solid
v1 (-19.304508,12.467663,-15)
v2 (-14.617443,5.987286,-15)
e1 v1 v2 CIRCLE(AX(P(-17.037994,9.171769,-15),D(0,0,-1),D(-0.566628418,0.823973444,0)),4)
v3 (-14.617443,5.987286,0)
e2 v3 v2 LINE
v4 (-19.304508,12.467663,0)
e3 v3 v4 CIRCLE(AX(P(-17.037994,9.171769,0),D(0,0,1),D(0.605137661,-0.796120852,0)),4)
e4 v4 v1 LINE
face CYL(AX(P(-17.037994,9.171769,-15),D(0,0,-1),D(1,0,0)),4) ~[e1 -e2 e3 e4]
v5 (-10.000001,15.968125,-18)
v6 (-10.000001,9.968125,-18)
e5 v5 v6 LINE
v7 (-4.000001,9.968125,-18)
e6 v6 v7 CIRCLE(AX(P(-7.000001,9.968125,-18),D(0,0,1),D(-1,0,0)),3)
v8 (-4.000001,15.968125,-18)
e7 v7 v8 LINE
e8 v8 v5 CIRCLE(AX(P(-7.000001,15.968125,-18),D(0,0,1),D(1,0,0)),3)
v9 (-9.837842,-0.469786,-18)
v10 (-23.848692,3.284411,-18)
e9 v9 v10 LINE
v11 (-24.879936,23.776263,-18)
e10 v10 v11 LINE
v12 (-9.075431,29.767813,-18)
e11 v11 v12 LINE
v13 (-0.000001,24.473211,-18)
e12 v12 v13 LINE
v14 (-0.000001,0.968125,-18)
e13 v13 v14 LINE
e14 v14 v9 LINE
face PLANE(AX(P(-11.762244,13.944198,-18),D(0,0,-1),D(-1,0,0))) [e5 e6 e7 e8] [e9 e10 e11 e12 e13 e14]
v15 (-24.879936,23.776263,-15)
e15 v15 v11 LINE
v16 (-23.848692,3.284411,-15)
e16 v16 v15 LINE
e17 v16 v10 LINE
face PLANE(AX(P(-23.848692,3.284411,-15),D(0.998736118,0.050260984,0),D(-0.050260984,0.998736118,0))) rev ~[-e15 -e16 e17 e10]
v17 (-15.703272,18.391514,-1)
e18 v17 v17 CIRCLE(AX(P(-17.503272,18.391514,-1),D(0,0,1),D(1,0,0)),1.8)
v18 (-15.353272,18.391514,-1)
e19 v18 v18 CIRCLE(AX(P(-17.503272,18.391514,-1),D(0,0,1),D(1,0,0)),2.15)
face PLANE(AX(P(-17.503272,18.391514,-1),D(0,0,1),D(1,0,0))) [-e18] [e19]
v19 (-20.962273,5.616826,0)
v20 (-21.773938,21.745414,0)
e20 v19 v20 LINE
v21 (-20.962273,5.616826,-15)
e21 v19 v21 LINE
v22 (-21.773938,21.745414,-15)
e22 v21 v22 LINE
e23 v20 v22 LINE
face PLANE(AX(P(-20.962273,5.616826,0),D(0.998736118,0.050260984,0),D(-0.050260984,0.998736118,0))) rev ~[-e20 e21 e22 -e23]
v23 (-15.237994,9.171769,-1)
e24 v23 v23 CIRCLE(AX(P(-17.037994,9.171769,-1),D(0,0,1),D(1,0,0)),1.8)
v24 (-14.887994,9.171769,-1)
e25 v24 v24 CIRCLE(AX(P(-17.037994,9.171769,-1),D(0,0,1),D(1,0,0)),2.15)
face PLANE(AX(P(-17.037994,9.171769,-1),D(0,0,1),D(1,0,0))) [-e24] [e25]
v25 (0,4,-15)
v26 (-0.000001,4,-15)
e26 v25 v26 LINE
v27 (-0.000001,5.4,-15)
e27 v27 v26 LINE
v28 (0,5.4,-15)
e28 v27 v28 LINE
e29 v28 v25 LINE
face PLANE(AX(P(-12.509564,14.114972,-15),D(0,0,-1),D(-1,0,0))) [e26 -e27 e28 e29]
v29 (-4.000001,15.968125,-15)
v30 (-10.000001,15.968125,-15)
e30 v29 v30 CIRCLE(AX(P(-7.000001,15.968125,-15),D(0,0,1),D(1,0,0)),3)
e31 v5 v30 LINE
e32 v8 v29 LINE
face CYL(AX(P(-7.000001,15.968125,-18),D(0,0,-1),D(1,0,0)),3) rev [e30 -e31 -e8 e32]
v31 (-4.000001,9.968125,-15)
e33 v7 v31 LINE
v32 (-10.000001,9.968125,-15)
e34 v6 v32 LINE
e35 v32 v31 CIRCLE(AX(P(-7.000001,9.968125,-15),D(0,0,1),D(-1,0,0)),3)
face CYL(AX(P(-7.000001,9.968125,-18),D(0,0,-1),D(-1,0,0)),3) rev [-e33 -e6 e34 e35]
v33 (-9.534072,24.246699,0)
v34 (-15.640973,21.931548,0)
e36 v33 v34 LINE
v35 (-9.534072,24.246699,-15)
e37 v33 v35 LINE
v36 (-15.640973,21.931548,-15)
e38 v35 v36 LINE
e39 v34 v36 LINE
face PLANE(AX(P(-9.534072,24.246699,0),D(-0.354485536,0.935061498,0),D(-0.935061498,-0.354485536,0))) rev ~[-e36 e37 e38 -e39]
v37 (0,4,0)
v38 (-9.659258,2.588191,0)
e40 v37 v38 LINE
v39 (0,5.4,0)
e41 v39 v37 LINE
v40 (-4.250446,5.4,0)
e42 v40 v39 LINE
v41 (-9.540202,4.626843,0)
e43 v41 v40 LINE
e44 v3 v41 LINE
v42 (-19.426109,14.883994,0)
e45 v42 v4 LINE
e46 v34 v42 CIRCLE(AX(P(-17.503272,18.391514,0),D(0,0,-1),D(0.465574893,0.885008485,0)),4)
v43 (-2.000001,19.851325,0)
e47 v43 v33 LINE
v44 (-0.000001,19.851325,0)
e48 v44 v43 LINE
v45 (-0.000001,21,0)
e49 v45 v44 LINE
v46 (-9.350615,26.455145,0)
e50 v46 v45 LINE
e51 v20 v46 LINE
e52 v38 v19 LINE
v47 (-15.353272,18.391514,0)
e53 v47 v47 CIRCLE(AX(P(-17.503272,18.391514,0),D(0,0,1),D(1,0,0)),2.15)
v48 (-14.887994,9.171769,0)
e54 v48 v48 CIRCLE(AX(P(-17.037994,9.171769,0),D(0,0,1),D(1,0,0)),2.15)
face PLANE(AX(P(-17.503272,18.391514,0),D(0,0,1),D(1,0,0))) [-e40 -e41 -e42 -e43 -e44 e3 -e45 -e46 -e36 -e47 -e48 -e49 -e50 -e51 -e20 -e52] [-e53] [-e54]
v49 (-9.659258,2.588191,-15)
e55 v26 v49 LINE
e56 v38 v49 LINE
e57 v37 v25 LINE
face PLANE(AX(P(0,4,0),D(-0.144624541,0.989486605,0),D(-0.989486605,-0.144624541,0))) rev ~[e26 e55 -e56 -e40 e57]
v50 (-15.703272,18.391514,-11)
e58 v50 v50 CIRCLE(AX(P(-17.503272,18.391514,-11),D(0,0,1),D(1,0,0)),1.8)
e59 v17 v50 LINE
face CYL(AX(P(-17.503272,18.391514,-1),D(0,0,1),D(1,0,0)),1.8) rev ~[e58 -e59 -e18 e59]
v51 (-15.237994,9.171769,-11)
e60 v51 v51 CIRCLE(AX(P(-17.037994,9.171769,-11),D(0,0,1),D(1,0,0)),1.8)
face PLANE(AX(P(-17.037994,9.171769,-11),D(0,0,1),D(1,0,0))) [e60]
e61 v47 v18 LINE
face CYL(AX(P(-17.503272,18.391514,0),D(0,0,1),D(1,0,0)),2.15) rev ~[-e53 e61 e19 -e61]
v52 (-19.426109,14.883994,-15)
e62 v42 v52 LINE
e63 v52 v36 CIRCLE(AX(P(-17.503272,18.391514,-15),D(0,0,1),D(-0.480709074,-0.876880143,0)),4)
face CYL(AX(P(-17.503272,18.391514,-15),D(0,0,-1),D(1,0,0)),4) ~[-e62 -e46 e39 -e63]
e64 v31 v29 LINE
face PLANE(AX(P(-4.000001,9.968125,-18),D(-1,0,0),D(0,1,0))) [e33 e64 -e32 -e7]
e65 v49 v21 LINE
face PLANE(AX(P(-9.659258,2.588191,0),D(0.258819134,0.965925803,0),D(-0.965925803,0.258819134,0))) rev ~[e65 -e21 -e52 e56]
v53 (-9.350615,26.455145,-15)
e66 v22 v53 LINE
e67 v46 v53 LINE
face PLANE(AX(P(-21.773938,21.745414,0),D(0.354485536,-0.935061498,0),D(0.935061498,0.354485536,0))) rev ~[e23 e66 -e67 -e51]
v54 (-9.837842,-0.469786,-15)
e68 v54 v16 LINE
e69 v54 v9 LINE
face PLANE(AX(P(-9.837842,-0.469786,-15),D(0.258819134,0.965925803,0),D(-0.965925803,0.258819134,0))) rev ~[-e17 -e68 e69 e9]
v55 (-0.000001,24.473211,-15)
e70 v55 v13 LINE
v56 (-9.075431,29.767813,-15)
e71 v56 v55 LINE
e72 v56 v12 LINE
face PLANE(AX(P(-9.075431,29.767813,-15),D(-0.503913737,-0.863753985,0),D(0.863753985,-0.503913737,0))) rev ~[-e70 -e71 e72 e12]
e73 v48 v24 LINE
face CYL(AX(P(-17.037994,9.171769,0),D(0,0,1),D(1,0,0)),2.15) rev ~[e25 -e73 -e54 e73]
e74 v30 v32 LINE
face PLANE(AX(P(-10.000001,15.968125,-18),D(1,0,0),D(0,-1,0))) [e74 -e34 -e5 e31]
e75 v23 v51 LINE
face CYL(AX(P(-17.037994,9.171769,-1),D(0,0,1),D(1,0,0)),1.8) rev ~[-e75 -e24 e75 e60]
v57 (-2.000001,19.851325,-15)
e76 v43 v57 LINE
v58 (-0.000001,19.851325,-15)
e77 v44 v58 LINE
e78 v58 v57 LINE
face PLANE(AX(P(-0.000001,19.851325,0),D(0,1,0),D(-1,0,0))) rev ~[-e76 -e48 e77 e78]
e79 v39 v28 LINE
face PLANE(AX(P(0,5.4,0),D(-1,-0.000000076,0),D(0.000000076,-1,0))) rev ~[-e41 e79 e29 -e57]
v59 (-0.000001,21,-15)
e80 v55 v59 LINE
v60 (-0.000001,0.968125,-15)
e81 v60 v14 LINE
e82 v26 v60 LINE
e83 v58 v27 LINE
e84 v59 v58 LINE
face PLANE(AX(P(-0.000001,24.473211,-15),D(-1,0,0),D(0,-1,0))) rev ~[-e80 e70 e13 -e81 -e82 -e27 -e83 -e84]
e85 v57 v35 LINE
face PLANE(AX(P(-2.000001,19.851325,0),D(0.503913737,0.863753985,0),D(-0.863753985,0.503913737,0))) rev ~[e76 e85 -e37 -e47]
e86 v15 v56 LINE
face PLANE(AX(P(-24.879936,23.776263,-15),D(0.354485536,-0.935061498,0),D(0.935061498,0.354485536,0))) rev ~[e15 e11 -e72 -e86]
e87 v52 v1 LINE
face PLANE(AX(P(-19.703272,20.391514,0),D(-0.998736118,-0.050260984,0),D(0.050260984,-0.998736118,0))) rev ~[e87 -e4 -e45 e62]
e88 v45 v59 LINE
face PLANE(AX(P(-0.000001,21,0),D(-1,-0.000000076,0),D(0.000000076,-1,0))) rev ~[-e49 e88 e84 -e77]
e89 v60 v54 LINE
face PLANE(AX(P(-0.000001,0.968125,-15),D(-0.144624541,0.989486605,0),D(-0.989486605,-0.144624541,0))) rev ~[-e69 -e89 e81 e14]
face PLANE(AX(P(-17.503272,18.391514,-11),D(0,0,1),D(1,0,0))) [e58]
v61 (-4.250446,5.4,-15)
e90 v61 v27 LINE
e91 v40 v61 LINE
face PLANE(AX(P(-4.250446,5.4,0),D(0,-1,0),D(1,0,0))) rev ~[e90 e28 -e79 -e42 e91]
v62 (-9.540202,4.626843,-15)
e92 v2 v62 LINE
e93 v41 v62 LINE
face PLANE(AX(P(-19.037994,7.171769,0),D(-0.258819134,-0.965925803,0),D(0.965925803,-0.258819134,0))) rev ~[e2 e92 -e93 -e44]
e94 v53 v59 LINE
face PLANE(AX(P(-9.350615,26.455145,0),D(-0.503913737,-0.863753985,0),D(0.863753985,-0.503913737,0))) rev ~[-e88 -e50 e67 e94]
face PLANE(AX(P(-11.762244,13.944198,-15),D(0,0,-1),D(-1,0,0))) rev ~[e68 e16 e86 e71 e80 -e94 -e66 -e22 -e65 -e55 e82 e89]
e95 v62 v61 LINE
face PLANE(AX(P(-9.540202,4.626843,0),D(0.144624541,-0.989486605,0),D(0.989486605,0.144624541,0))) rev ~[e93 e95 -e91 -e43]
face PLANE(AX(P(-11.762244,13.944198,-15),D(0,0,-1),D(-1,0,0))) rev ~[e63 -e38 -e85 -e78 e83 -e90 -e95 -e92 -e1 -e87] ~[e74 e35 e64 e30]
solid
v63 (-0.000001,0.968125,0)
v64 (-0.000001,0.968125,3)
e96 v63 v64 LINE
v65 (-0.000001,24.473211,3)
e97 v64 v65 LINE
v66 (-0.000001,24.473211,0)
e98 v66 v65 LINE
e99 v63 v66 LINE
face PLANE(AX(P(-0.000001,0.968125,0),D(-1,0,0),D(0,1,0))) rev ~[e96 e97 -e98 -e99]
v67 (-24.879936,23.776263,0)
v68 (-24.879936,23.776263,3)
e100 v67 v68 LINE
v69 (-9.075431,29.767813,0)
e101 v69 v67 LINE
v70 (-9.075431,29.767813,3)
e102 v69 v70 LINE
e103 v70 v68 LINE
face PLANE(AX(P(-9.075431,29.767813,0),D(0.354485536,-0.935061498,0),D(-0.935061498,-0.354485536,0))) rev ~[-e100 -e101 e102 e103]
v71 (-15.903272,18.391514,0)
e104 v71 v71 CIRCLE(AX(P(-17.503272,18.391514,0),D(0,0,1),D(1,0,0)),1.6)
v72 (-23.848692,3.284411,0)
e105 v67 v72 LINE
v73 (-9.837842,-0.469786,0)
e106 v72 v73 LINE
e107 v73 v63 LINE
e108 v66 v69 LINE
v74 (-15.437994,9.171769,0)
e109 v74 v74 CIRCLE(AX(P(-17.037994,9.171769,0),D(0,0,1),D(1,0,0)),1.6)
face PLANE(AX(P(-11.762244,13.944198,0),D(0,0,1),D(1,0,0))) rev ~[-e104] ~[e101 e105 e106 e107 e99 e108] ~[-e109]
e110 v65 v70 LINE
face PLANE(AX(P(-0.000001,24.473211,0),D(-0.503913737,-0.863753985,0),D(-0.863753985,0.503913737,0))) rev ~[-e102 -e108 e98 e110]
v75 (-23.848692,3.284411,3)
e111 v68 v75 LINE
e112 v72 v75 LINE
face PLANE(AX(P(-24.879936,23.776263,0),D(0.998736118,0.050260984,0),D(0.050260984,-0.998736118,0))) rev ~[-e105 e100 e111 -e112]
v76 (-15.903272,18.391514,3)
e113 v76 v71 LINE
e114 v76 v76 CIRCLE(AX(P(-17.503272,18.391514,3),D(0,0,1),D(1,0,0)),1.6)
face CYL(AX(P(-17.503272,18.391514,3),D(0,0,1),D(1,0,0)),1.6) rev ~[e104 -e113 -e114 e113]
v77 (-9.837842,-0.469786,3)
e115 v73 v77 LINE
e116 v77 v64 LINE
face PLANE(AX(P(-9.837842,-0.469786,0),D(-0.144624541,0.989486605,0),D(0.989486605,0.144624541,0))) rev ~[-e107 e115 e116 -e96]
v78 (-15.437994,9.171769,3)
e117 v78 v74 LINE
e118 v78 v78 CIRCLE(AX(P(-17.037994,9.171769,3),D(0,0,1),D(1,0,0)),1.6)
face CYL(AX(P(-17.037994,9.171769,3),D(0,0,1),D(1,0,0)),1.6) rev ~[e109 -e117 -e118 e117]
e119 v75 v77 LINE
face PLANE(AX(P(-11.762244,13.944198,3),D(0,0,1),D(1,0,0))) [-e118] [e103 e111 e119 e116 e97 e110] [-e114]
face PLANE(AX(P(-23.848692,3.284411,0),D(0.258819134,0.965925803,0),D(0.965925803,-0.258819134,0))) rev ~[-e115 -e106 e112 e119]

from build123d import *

# Parameters (mm, degrees)
EXTRUDE_1_DEPTH     = 15
EXTRUDE_2_DEPTH     = 3
SKETCH_4_R          = 4
EXTRUDE_3_DEPTH     = 15
EXTRUDE_4_DEPTH     = 3
SKETCH_6_R          = 1.6
CUT_EXTRUDE_1_DEPTH = 3
CUT_EXTRUDE_3_DEPTH = 3
SKETCH_9_R          = 2.15
CUT_EXTRUDE_4_DEPTH = 1
SKETCH_10_R         = 1.8
CUT_EXTRUDE_5_DEPTH = 10


with BuildPart() as part:
    # 草图1 → 凸台-拉伸1 (new body)
    with BuildSketch(Plane.XY):
        Polygon((-1.29e-06, 20.99999997), (-1.203e-06, 19.851325014), (-2.000001203, 19.851325014), (-9.534071771, 24.246698834), (-19.703272348, 20.391514412), (-19.03799413, 7.171769436), (-9.540202332, 4.62684286), (-4.25044565, 5.4), (-1.06e-07, 5.4), (0, 4), (-9.659258026, 2.588191337), (-20.962273217, 5.61682624), (-21.773937734, 21.745413673), (-9.350615446, 26.455144608), align=None)
    extrude(amount=-EXTRUDE_1_DEPTH)

    # 草图2 → 凸台-拉伸2 (add)
    with BuildSketch(Plane(origin=(0, 0, -15), x_dir=(-1, 0, 0), z_dir=(0, 0, -1))):
        Polygon((1.203e-06, 24.473211103), (1.203e-06, 0.968124522), (9.837841565, -0.469785948), (23.848691848, 3.284411448), (24.879935811, 23.776262564), (9.075430959, 29.76781327), align=None)
    extrude(amount=EXTRUDE_2_DEPTH)

    # 草图4 → 凸台-拉伸3 (add)
    with BuildSketch(Plane.XY.offset(-15)):
        with Locations((-17.503272348, 18.391514412)):
            Circle(SKETCH_4_R)
        with Locations((-17.03799413, 9.171769436)):
            Circle(SKETCH_4_R)
    extrude(amount=EXTRUDE_3_DEPTH)

    # 草图8 → 切除-拉伸3 (cut)
    with BuildSketch(Plane(origin=(0, 0, -18), x_dir=(-1, 0, 0), z_dir=(0, 0, -1))):
        with BuildLine():
            Line((10.000001203, 15.968124522), (10.000001203, 9.968124522))
            ThreePointArc((10.000001203, 9.968124522), (7.000001203, 6.968124522), (4.000001203, 9.968124522))
            Line((4.000001203, 9.968124522), (4.000001203, 15.968124522))
            ThreePointArc((4.000001203, 15.968124522), (7.000001203, 18.968124522), (10.000001203, 15.968124522))
        make_face()
    extrude(amount=-CUT_EXTRUDE_3_DEPTH, mode=Mode.SUBTRACT)

    # 草图9 → 切除-拉伸4 (cut)
    with BuildSketch(Plane.XY):
        with Locations((-17.503272348, 18.391514412)):
            Circle(SKETCH_9_R)
        with Locations((-17.03799413, 9.171769436)):
            Circle(SKETCH_9_R)
    extrude(amount=-CUT_EXTRUDE_4_DEPTH, mode=Mode.SUBTRACT)

    # 草图10 → 切除-拉伸5 (cut)
    with BuildSketch(Plane.XY.offset(-1)):
        with Locations((-17.503272348, 18.391514412)):
            Circle(SKETCH_10_R)
        with Locations((-17.03799413, 9.171769436)):
            Circle(SKETCH_10_R)
    extrude(amount=-CUT_EXTRUDE_5_DEPTH, mode=Mode.SUBTRACT)


with BuildPart() as body_2:
    # 草图5 → 凸台-拉伸4 (new body)
    with BuildSketch(Plane.XY):
        Polygon((-1.203e-06, 24.473211103), (-9.075430959, 29.76781327), (-24.879935811, 23.776262564), (-23.848691848, 3.284411448), (-9.837841565, -0.469785948), (-1.203e-06, 0.968124522), align=None)
    extrude(amount=EXTRUDE_4_DEPTH)

    # 草图6 → 切除-拉伸1 (cut)
    with BuildSketch(Plane.XY.offset(3)):
        with Locations((-17.503272348, 18.391514412)):
            Circle(SKETCH_6_R)
        with Locations((-17.03799413, 9.171769436)):
            Circle(SKETCH_6_R)
    extrude(amount=-CUT_EXTRUDE_1_DEPTH, mode=Mode.SUBTRACT)


solid = Compound([part.part, body_2.part])
